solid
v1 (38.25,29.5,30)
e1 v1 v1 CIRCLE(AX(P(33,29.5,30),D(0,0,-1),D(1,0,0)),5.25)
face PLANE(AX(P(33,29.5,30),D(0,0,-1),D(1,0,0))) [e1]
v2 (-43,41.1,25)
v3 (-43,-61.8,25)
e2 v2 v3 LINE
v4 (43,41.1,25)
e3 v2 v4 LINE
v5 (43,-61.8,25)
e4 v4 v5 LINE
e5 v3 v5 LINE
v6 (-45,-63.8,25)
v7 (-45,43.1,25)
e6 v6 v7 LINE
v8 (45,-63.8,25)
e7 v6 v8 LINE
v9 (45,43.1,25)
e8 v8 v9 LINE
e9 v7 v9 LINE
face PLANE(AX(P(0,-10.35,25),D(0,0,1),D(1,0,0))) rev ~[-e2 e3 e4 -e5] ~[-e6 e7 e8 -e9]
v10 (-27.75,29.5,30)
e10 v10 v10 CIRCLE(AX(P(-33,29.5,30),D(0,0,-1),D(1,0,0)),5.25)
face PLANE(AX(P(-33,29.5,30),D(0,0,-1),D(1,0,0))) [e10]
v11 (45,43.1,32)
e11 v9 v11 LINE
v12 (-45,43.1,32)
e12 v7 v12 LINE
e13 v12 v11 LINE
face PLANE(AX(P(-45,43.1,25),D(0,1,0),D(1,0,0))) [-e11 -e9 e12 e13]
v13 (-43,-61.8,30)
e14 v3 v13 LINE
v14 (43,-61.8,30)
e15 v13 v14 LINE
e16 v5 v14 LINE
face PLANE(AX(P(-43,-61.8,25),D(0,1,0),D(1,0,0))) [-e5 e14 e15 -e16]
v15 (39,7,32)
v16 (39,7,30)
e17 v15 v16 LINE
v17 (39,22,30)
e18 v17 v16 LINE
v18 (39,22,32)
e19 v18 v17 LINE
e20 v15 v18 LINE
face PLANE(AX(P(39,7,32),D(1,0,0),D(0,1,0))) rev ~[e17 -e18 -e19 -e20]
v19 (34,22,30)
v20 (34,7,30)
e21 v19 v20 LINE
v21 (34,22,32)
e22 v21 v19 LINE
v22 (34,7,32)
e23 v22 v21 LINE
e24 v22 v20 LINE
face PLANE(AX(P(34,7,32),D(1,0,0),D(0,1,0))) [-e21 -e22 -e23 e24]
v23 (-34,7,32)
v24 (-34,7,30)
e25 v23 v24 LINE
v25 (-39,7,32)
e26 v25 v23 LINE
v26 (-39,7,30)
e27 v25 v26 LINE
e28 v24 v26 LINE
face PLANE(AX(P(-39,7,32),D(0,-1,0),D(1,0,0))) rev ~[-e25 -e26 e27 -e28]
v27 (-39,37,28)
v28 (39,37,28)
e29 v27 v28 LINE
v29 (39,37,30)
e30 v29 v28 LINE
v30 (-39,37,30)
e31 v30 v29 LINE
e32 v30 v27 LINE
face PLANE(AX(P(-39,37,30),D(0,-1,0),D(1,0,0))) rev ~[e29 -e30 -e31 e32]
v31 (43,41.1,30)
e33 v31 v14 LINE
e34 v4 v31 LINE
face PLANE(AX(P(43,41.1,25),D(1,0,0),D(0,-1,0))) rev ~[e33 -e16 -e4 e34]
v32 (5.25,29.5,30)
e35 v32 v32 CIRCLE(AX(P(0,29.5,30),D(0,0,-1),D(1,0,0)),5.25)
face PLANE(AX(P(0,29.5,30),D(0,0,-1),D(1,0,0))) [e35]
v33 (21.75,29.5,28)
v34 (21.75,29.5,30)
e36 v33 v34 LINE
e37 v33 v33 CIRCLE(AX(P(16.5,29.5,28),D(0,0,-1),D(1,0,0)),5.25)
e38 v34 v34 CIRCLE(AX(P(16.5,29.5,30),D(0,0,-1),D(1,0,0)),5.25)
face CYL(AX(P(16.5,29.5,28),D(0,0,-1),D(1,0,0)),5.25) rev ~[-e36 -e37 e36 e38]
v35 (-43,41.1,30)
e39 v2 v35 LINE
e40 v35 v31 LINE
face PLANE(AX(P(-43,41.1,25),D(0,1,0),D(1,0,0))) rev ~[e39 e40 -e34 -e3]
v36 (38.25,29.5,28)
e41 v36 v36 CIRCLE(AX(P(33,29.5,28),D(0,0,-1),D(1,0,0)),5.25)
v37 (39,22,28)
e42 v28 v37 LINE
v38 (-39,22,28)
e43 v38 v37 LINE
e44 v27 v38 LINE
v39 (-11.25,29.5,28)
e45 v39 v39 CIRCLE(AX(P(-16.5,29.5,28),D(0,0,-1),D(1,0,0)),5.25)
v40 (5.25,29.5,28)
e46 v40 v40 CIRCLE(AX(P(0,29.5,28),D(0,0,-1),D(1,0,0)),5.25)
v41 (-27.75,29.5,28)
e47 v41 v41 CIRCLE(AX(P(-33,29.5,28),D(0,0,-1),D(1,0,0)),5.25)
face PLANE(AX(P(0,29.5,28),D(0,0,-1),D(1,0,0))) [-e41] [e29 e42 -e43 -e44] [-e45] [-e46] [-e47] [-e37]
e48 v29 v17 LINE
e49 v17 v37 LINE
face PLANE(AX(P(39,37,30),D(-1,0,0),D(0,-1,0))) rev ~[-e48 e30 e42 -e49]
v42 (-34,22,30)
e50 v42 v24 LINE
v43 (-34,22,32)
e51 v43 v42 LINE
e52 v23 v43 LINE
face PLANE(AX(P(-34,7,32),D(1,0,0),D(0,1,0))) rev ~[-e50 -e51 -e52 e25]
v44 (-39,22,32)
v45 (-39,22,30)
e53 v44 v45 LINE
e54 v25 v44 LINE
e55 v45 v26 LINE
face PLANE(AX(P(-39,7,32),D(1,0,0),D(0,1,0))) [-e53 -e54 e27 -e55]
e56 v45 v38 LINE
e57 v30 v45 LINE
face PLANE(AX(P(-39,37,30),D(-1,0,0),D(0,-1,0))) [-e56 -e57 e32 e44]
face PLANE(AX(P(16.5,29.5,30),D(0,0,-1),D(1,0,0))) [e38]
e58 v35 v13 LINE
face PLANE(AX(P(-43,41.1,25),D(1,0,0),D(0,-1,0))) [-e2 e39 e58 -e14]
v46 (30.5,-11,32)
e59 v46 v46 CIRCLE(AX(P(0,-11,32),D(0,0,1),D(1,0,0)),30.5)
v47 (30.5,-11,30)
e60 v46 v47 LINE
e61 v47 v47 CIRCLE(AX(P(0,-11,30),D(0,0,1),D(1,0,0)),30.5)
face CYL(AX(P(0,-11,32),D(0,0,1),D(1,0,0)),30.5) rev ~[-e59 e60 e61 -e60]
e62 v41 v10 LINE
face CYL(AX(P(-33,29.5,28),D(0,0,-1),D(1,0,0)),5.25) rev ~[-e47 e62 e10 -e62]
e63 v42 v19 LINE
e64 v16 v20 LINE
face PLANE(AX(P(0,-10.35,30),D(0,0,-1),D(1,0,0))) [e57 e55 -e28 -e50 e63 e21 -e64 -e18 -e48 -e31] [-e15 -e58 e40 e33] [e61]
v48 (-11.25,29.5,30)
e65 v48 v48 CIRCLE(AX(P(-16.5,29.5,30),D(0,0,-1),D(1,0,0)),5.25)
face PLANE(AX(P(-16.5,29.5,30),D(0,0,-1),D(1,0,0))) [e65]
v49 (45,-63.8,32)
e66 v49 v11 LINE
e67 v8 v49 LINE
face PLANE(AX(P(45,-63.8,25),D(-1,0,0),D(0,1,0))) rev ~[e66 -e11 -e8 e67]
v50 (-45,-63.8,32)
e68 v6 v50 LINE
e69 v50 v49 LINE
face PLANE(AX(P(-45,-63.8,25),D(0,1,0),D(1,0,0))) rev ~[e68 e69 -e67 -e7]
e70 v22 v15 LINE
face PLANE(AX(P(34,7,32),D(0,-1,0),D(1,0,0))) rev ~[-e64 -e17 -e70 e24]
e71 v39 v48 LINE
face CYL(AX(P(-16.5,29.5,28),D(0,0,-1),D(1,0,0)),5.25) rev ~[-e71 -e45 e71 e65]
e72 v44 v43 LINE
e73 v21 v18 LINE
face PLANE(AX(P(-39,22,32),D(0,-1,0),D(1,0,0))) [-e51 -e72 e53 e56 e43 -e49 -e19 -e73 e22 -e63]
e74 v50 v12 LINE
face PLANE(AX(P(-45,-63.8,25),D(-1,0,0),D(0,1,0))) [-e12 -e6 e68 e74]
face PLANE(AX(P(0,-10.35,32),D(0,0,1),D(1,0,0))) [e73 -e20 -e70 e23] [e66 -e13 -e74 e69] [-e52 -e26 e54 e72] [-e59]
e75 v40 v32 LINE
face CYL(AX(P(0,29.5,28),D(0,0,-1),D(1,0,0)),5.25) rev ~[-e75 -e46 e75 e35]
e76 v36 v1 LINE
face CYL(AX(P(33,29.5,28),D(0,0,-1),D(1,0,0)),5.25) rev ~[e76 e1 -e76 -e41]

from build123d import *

# Parameters (mm, degrees)
SKETCH043_W         = 90
SKETCH043_H         = 106.9
PAD015_DEPTH        = 7
SKETCH044_W         = 86
SKETCH044_H         = 102.9
POCKET025_DEPTH     = 5
SKETCH045_R         = 30.5
POCKET026_DEPTH     = 2
SKETCH060_W         = 78
SKETCH060_H         = 15
PAD019_DEPTH        = 2
SKETCH061_R         = 5.25
POCKET038_DEPTH     = 2
LINEARPATTERN_COUNT = 5
LINEARPATTERN_PITCH = 16.5
SKETCH062_W         = 5
SKETCH062_H         = 15
POCKET039_DEPTH     = 7.001


with BuildPart() as part:
    # Sketch043 → Pad015 (new body)
    with BuildSketch(Plane.XY):
        with Locations((0, -10.35)):
            Rectangle(SKETCH043_W, SKETCH043_H)
    extrude(amount=PAD015_DEPTH)

    # Sketch044 (on Face5 of Pad015) → Pocket025 (cut)
    with BuildSketch(Plane(origin=(0, 0, 0), x_dir=(1, 0, 0), z_dir=(0, 0, -1))):
        with Locations((0, 10.35)):
            Rectangle(SKETCH044_W, SKETCH044_H)
    extrude(amount=-POCKET025_DEPTH, mode=Mode.SUBTRACT)

    # Sketch045 (on Face5 of Pocket025) → Pocket026 (cut)
    with BuildSketch(Plane.XY.offset(7)):
        with Locations((0, -11)):
            Circle(SKETCH045_R)
    extrude(amount=-POCKET026_DEPTH, mode=Mode.SUBTRACT)

    # Sketch060 (on Face12 of Pocket026) → Pad019 (join)
    with BuildSketch(Plane(origin=(0, 0, 5), x_dir=(1, 0, 0), z_dir=(0, 0, -1))):
        with Locations((0, -29.5)):
            Rectangle(SKETCH060_W, SKETCH060_H)
    extrude(amount=PAD019_DEPTH)

    # Sketch061 (on Face17 of Pad019) → Pocket038 (cut)
    with BuildSketch(Plane(origin=(0, 0, 3), x_dir=(1, 0, 0), z_dir=(0, 0, -1))):
        with Locations((-33, -29.5)):
            Circle(SKETCH061_R)
    pocket038 = extrude(amount=-POCKET038_DEPTH, mode=Mode.SUBTRACT)

    # LinearPattern: Pocket038 ×5
    with Locations(*[(i * LINEARPATTERN_PITCH, 0, 0) for i in range(1, LINEARPATTERN_COUNT)]):
        add(pocket038, mode=Mode.SUBTRACT)

    # Sketch062 (on Face5 of LinearPattern) → Pocket039 (cut, through all)
    with BuildSketch(Plane.XY.offset(7)):
        with Locations((-36.5, 14.5)):
            Rectangle(SKETCH062_W, SKETCH062_H)
        with Locations((36.5, 14.5)):
            Rectangle(SKETCH062_W, SKETCH062_H)
    extrude(amount=-POCKET039_DEPTH, mode=Mode.SUBTRACT)


with BuildPart() as part_1:
    # Body002 placement: moved
    add(part.part.moved(Location((0, 0, 25))))


solid = part_1.part
